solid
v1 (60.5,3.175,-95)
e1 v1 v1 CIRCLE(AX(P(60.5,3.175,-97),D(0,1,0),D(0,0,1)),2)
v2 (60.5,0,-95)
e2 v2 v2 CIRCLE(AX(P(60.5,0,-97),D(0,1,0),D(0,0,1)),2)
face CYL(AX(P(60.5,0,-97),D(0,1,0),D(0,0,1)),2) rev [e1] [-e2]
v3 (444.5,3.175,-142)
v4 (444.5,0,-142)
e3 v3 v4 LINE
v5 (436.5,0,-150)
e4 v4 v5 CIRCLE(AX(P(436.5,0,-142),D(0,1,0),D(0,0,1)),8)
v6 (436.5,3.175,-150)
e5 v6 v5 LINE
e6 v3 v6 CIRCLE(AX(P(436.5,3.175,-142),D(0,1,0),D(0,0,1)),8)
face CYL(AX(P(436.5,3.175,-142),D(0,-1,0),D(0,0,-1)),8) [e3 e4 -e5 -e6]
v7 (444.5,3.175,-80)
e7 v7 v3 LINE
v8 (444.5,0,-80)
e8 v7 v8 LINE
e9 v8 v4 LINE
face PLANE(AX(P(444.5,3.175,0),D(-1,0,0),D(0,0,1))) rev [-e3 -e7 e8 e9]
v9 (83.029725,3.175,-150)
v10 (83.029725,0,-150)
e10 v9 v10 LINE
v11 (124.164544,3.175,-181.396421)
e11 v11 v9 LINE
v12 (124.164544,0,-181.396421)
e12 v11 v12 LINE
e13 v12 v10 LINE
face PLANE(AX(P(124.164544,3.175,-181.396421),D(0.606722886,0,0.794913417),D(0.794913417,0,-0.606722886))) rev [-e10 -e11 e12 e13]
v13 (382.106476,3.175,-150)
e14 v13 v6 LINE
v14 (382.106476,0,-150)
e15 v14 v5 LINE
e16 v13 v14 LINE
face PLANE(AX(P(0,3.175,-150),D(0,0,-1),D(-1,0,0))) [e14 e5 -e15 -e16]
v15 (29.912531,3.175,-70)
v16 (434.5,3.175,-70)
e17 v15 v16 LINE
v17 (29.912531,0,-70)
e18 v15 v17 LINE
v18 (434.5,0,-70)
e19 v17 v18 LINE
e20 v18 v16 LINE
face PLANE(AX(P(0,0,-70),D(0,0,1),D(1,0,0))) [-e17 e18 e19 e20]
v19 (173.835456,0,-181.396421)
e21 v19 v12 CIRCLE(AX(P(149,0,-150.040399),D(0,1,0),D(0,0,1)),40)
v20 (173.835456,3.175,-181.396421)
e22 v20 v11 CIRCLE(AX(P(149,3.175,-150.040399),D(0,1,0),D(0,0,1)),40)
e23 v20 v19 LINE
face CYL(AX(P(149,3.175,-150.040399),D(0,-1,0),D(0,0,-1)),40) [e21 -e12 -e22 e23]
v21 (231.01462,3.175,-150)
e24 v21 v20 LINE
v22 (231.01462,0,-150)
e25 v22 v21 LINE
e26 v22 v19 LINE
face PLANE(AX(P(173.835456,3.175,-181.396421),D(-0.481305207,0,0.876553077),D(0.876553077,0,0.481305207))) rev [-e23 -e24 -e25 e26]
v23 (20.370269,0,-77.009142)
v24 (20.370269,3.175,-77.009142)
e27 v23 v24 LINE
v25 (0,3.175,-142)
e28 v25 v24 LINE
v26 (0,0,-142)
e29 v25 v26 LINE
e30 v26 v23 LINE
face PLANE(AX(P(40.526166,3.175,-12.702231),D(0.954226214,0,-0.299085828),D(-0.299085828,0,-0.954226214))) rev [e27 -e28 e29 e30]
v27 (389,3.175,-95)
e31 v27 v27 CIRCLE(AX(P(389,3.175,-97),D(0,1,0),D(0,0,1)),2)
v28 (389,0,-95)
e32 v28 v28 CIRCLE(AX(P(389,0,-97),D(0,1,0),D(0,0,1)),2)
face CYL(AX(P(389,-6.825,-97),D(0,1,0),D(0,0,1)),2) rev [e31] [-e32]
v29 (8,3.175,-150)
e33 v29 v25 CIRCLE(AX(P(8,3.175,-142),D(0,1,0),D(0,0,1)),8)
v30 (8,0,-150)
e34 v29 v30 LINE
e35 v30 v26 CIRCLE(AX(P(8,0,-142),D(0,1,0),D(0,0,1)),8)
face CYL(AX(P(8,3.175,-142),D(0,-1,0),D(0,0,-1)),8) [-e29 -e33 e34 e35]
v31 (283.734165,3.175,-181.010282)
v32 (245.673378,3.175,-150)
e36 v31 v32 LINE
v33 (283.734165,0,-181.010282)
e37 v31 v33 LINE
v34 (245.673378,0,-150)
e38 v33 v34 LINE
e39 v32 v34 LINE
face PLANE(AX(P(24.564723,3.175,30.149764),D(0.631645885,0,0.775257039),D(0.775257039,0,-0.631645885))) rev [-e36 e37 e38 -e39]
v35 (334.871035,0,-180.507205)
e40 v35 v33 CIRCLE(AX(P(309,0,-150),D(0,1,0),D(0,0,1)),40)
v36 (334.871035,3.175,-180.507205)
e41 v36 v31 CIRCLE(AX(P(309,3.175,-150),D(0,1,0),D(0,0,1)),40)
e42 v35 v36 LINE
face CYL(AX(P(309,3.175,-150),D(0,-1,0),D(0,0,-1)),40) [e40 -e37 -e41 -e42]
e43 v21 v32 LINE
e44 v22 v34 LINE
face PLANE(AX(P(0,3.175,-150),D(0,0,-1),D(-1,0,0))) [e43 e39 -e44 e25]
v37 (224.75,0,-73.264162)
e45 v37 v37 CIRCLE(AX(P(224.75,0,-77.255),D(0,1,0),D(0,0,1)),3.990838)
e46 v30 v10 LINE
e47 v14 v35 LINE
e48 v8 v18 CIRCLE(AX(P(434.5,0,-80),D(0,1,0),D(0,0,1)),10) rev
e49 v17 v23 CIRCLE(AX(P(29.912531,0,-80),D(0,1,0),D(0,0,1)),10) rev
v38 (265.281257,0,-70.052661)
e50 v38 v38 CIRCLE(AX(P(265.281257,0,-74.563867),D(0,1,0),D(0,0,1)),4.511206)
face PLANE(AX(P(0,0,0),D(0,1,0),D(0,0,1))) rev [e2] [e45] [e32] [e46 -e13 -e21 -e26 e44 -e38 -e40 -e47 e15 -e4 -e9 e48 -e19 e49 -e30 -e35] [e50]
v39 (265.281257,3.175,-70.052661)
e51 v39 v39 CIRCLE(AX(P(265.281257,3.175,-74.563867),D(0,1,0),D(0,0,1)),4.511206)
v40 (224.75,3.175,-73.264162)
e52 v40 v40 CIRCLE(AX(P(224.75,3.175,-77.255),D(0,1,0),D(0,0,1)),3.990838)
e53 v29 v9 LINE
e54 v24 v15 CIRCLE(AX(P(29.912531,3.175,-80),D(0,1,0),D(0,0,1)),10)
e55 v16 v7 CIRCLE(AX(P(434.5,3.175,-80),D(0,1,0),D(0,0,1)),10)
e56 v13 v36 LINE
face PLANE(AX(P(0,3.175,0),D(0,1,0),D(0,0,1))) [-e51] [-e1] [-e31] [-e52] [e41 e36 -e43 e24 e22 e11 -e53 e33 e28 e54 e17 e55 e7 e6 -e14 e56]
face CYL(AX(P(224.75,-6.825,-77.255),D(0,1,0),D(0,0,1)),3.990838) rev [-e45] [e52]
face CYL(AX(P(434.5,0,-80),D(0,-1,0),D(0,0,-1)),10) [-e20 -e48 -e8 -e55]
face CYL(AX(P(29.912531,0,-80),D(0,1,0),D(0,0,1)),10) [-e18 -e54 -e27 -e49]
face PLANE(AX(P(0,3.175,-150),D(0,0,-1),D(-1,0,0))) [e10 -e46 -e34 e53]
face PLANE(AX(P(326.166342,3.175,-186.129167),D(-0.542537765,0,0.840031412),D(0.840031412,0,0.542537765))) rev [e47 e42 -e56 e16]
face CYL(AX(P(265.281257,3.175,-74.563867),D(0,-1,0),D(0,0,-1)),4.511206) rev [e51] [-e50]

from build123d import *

# Parameters (mm, degrees)
SKETCH1_R           = 3.716178426
SKETCH1_R_2         = 4.313560469
SKETCH1_R_3         = 4.511205791
BOSS_EXTRUDE1_DEPTH = 3.175
SKETCH2_W           = 597.466303312
SKETCH2_H           = 60.972543052
CUT_EXTRUDE1_DEPTH  = 70
FILLET1_R           = 10
FILLET2_R           = 10
SKETCH3_R           = 3.990837639
CUT_EXTRUDE2_DEPTH  = 10
SKETCH4_R           = 2
CUT_EXTRUDE3_DEPTH  = 470.13785887
SKETCH5_R           = 2
CUT_EXTRUDE4_DEPTH  = 10
SKETCH6_R           = 40
BOSS_EXTRUDE2_DEPTH = 3.175
BOSS_EXTRUDE3_DEPTH = 3.175
SKETCH9_R           = 40
BOSS_EXTRUDE4_DEPTH = 3.175
BOSS_EXTRUDE6_DEPTH = 3.175


with BuildPart() as part:
    # Sketch1 → Boss-Extrude1 (new body)
    with BuildSketch(Plane(origin=(0, 0, 0), x_dir=(1, 0, 0), z_dir=(0, 1, 0))):
        with BuildLine():
            ThreePointArc((8, 150), (2.343145751, 147.656854249), (0, 142))
            Line((0, 142), (42, 8))
            ThreePointArc((42, 8), (44.343145751, 2.343145751), (50, 0))
            Line((50, 0), (436.5, 0))
            ThreePointArc((436.5, 0), (442.156854249, 2.343145751), (444.5, 8))
            Line((444.5, 8), (444.5, 142))
            ThreePointArc((444.5, 142), (442.156854249, 147.656854249), (436.5, 150))
            Line((436.5, 150), (8, 150))
        make_face()
        with Locations(Location((146.269370224, 139.84039861, 0), (0, 0, 270))):
            Circle(SKETCH1_R, mode=Mode.SUBTRACT)
        with Locations(Location((307.606475607, 140.710564477, 0), (0, 0, 270))):
            Circle(SKETCH1_R_2, mode=Mode.SUBTRACT)
        with Locations(Location((265.281257274, 74.563866981, 0), (0, 0, 270))):
            Circle(SKETCH1_R_3, mode=Mode.SUBTRACT)
    extrude(amount=BOSS_EXTRUDE1_DEPTH)

    # Sketch2 → Cut-Extrude1 (cut)
    with BuildSketch(Plane.XY):
        with Locations((220.1785332, 7.544358636)):
            Rectangle(SKETCH2_W, SKETCH2_H)
    extrude(amount=-CUT_EXTRUDE1_DEPTH, mode=Mode.SUBTRACT)

    # Fillet1
    fillet1_edges = [part.edges().sort_by_distance(p)[0] for p in [
        (22.567164179, 1.5875, -70),
    ]]
    fillet(fillet1_edges, radius=FILLET1_R)

    # Fillet2
    fillet2_edges = [part.edges().sort_by_distance(p)[0] for p in [
        (444.5, 1.5875, -70),
    ]]
    fillet(fillet2_edges, radius=FILLET2_R)

    # Sketch3 → Cut-Extrude2 (cut)
    with BuildSketch(Plane(origin=(0, 3.175, 0), x_dir=(1, 0, 0), z_dir=(0, 1, 0))):
        with Locations(Location((224.75, 77.255, 0), (0, 0, 270))):
            Circle(SKETCH3_R)
    extrude(amount=-CUT_EXTRUDE2_DEPTH, mode=Mode.SUBTRACT)

    # Sketch4 → Cut-Extrude3 (cut, through all)
    with BuildSketch(Plane(origin=(0, 3.175, 0), x_dir=(1, 0, 0), z_dir=(0, 1, 0))):
        with Locations(Location((60.5, 97, 0), (0, 0, 270))):
            Circle(SKETCH4_R)
    extrude(amount=-CUT_EXTRUDE3_DEPTH, mode=Mode.SUBTRACT)

    # Sketch5 → Cut-Extrude4 (cut)
    with BuildSketch(Plane(origin=(0, 3.175, 0), x_dir=(1, 0, 0), z_dir=(0, 1, 0))):
        with Locations(Location((389, 97, 0), (0, 0, 270))):
            Circle(SKETCH5_R)
    extrude(amount=-CUT_EXTRUDE4_DEPTH, mode=Mode.SUBTRACT)

    # Sketch6 → Boss-Extrude2 (add)
    with BuildSketch(Plane(origin=(0, 0, 0), x_dir=(1, 0, 0), z_dir=(0, 1, 0))):
        with Locations((149, 150.04039861)):
            Circle(SKETCH6_R)
    extrude(amount=BOSS_EXTRUDE2_DEPTH)

    # Sketch7 → Boss-Extrude3 (add)
    with BuildSketch(Plane(origin=(0, 0, 0), x_dir=(1, 0, 0), z_dir=(0, 1, 0))):
        Polygon((124.164543783, 181.396420591), (82.702881078, 149.750534228), (231.468946681, 149.750534228), (173.835456217, 181.396420591), align=None)
    extrude(amount=BOSS_EXTRUDE3_DEPTH)

    # Sketch9 → Boss-Extrude4 (add)
    with BuildSketch(Plane(origin=(0, 0, 0), x_dir=(1, 0, 0), z_dir=(0, 1, 0))):
        with BuildLine():
            ThreePointArc((269, 150), (272.870833001, 167.166341835), (283.734164599, 181.010281545))
            Line((283.734164599, 181.010281545), (245.673378314, 150))
            Line((245.673378314, 150), (269, 150))
        make_face()
        with Locations((309, 150)):
            Circle(SKETCH9_R)
    extrude(amount=BOSS_EXTRUDE4_DEPTH)

    # Sketch12 → Boss-Extrude6 (add)
    with BuildSketch(Plane(origin=(0, 0, 0), x_dir=(1, 0, 0), z_dir=(0, 1, 0))):
        Polygon((326.166341835, 186.129166999), (382.106475607, 150), (340.398839744, 150), align=None)
    extrude(amount=BOSS_EXTRUDE6_DEPTH)


solid = part.part
